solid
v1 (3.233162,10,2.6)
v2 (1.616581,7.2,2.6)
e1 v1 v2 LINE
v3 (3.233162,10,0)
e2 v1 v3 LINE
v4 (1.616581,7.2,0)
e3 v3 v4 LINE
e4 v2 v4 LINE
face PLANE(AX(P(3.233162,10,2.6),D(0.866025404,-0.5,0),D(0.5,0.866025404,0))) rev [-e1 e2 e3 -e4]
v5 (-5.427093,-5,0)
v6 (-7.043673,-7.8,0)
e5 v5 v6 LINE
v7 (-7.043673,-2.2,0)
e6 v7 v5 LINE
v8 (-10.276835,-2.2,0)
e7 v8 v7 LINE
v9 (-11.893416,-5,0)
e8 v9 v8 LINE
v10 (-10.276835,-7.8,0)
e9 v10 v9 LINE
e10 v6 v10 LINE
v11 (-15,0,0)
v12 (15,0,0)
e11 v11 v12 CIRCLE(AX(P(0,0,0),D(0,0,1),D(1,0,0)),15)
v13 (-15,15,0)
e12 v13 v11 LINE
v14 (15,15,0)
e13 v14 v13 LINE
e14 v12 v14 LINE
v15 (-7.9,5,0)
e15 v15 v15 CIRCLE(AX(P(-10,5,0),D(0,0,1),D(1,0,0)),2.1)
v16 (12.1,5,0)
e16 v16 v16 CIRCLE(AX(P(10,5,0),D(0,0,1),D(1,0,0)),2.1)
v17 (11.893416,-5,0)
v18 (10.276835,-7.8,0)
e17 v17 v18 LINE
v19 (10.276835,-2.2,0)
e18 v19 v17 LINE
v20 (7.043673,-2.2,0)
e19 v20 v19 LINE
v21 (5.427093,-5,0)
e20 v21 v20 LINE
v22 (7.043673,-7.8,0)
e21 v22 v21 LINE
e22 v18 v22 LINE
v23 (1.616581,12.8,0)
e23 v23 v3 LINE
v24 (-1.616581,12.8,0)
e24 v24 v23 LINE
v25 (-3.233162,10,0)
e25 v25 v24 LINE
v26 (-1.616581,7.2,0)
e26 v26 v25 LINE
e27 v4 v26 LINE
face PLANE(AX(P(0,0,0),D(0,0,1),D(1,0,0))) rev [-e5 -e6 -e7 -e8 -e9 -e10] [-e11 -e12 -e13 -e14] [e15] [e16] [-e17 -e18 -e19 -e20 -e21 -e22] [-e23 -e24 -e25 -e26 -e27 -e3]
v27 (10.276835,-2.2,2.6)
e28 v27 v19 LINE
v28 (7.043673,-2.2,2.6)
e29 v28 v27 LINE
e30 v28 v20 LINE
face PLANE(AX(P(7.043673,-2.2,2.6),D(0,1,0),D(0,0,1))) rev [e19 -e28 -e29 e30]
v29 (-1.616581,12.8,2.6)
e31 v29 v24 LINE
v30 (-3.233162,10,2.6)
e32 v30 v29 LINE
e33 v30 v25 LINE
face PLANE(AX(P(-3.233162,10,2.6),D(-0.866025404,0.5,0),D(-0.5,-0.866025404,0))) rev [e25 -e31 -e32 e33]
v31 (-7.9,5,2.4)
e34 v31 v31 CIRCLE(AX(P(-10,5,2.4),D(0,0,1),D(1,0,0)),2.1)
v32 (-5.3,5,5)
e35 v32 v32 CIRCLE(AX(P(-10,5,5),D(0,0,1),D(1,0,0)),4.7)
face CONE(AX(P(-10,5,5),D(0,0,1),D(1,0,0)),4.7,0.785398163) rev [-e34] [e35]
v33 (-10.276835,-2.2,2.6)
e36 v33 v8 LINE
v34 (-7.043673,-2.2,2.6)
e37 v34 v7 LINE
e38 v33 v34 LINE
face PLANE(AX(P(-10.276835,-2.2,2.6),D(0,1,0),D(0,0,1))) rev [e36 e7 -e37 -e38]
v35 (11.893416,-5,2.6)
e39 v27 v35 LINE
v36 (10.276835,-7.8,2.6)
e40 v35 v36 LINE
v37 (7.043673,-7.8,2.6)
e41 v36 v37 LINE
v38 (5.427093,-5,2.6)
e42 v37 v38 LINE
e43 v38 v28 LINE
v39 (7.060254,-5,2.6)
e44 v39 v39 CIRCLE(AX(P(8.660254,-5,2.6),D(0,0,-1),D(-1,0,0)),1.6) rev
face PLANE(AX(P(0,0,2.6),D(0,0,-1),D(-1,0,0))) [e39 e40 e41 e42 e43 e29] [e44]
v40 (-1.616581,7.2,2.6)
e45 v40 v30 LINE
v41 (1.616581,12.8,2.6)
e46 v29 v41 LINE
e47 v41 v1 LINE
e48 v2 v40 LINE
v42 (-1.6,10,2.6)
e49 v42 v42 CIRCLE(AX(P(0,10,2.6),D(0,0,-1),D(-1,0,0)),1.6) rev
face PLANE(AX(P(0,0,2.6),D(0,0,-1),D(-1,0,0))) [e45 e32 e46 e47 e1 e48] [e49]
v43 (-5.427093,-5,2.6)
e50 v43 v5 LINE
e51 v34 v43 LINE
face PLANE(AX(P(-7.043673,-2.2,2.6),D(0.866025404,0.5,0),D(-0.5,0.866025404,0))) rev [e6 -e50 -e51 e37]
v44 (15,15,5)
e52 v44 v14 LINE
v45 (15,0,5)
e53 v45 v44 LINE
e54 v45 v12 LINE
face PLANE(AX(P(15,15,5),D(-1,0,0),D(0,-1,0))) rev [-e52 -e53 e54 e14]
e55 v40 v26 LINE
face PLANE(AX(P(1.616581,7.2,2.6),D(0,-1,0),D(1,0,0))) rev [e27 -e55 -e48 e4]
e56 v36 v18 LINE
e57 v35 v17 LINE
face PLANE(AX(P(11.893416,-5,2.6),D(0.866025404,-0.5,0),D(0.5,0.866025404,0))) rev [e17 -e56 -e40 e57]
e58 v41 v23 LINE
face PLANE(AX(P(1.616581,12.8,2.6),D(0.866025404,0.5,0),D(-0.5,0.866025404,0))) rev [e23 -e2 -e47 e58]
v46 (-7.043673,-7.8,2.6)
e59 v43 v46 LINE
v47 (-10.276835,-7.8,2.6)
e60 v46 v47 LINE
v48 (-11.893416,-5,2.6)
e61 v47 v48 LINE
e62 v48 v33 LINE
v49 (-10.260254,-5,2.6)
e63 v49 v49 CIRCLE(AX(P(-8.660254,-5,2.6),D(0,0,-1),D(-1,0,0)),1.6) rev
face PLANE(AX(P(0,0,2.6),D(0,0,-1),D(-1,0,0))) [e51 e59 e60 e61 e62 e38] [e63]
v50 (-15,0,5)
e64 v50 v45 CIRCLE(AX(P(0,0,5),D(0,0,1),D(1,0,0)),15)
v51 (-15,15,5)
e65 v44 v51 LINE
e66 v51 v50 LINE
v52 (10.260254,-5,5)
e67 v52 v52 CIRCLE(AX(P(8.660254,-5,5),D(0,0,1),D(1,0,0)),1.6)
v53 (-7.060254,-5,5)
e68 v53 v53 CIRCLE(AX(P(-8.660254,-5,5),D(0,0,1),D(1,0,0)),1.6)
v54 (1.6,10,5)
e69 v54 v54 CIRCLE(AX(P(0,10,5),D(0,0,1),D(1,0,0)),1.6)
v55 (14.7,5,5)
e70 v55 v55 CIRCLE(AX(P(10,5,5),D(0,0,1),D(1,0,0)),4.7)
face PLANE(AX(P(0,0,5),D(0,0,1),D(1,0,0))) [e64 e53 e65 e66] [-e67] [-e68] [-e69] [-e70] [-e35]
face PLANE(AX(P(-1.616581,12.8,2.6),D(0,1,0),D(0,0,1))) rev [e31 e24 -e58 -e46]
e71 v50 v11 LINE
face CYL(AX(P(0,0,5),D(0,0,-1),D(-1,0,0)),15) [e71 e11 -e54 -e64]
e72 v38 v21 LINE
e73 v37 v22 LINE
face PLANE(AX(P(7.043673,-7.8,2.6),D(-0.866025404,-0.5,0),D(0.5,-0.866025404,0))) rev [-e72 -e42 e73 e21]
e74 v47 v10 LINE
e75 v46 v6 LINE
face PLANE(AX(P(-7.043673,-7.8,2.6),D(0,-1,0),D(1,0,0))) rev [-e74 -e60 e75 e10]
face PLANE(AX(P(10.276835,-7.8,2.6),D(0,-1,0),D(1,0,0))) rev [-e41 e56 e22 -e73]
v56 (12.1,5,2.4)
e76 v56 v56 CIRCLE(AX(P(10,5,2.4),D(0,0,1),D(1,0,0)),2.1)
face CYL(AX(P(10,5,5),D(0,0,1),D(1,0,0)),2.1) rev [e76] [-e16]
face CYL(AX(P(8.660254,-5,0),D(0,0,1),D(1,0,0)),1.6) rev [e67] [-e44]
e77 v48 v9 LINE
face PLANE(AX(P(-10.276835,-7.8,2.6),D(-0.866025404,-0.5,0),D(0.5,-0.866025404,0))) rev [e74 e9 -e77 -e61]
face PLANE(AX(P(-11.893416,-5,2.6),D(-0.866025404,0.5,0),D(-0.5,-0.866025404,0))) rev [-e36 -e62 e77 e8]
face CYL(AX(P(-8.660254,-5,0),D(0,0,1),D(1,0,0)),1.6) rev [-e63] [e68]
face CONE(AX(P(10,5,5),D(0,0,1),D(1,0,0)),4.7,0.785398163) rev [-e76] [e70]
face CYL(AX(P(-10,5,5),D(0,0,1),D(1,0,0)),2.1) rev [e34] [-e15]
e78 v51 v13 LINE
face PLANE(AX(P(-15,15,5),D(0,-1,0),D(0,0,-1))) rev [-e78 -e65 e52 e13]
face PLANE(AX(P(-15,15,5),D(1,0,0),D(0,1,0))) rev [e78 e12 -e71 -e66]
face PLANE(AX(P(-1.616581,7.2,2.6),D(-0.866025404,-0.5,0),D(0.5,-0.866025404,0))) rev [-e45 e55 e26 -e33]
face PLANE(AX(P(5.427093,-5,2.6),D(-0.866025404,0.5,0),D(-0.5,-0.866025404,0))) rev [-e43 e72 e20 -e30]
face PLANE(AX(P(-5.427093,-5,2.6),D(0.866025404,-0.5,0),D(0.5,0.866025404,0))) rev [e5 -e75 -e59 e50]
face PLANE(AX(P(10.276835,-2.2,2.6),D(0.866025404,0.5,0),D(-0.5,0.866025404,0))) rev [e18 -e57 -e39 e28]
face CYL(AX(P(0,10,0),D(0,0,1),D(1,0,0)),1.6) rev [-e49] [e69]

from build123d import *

# Parameters (mm, degrees)
EXTRUDE_1_DEPTH             = 5
SKETCH_2_R                  = 1.6
CUT_EXTRUDE_1_DEPTH         = 22.794494718
HOLE_WIZARD_M41_D           = 4.2
HOLE_WIZARD_M41_DEPTH       = 8.5
HOLE_WIZARD_M41_CSINK_D     = 9.4
HOLE_WIZARD_M41_CSINK_ANGLE = 90
HOLE_WIZARD_M41_TIP         = 1.2618073
CUT_EXTRUDE_2_DEPTH         = 2.6


with BuildPart() as part:
    # Эскиз1 → Бобышка-Вытянуть1 (new body)
    with BuildSketch(Plane.XY):
        with BuildLine():
            Line((-15, 15), (15, 15))
            Line((15, 15), (15, 0))
            ThreePointArc((15, 0), (0, -15), (-15, 0))
            Line((-15, 0), (-15, 15))
        make_face()
    extrude(amount=EXTRUDE_1_DEPTH)

    # Эскиз2 → Вырез-Вытянуть1 (cut, through all)
    with BuildSketch(Plane.XY.offset(5)):
        with Locations((0, 10)):
            Circle(SKETCH_2_R)
        with Locations((8.660254038, -5)):
            Circle(SKETCH_2_R)
        with Locations((-8.660254038, -5)):
            Circle(SKETCH_2_R)
    extrude(amount=-CUT_EXTRUDE_1_DEPTH, mode=Mode.SUBTRACT)

    # Зенковка для винта с полупотайной головкой M41
    with Locations(Plane(origin=(-10, 5, 5), x_dir=(1, 0, 0), z_dir=(0, 0, 1))):
        with Locations((0, 0), (20, 0)):
            CounterSinkHole(HOLE_WIZARD_M41_D / 2, HOLE_WIZARD_M41_CSINK_D / 2, depth=HOLE_WIZARD_M41_DEPTH, counter_sink_angle=HOLE_WIZARD_M41_CSINK_ANGLE)
            with Locations((0, 0, -(HOLE_WIZARD_M41_DEPTH + HOLE_WIZARD_M41_TIP / 2))):  # 118° drill point
                Cone(0, HOLE_WIZARD_M41_D / 2, HOLE_WIZARD_M41_TIP, mode=Mode.SUBTRACT)

    # Эскиз4 → Вырез-Вытянуть2 (cut)
    with BuildSketch(Plane(origin=(0, 0, 0), x_dir=(-1, 0, 0), z_dir=(0, 0, -1))):
        Polygon((3.233161507, 10), (1.616580754, 12.8), (-1.616580754, 12.8), (-3.233161507, 10), (-1.616580754, 7.2), (1.616580754, 7.2), align=None)
        Polygon((11.893415545, -5), (10.276834792, -2.2), (7.043673284, -2.2), (5.42709253, -5), (7.043673284, -7.8), (10.276834792, -7.8), align=None)
        Polygon((-5.42709253, -5), (-7.043673284, -2.2), (-10.276834792, -2.2), (-11.893415545, -5), (-10.276834792, -7.8), (-7.043673284, -7.8), align=None)
    extrude(amount=-CUT_EXTRUDE_2_DEPTH, mode=Mode.SUBTRACT)


solid = part.part
